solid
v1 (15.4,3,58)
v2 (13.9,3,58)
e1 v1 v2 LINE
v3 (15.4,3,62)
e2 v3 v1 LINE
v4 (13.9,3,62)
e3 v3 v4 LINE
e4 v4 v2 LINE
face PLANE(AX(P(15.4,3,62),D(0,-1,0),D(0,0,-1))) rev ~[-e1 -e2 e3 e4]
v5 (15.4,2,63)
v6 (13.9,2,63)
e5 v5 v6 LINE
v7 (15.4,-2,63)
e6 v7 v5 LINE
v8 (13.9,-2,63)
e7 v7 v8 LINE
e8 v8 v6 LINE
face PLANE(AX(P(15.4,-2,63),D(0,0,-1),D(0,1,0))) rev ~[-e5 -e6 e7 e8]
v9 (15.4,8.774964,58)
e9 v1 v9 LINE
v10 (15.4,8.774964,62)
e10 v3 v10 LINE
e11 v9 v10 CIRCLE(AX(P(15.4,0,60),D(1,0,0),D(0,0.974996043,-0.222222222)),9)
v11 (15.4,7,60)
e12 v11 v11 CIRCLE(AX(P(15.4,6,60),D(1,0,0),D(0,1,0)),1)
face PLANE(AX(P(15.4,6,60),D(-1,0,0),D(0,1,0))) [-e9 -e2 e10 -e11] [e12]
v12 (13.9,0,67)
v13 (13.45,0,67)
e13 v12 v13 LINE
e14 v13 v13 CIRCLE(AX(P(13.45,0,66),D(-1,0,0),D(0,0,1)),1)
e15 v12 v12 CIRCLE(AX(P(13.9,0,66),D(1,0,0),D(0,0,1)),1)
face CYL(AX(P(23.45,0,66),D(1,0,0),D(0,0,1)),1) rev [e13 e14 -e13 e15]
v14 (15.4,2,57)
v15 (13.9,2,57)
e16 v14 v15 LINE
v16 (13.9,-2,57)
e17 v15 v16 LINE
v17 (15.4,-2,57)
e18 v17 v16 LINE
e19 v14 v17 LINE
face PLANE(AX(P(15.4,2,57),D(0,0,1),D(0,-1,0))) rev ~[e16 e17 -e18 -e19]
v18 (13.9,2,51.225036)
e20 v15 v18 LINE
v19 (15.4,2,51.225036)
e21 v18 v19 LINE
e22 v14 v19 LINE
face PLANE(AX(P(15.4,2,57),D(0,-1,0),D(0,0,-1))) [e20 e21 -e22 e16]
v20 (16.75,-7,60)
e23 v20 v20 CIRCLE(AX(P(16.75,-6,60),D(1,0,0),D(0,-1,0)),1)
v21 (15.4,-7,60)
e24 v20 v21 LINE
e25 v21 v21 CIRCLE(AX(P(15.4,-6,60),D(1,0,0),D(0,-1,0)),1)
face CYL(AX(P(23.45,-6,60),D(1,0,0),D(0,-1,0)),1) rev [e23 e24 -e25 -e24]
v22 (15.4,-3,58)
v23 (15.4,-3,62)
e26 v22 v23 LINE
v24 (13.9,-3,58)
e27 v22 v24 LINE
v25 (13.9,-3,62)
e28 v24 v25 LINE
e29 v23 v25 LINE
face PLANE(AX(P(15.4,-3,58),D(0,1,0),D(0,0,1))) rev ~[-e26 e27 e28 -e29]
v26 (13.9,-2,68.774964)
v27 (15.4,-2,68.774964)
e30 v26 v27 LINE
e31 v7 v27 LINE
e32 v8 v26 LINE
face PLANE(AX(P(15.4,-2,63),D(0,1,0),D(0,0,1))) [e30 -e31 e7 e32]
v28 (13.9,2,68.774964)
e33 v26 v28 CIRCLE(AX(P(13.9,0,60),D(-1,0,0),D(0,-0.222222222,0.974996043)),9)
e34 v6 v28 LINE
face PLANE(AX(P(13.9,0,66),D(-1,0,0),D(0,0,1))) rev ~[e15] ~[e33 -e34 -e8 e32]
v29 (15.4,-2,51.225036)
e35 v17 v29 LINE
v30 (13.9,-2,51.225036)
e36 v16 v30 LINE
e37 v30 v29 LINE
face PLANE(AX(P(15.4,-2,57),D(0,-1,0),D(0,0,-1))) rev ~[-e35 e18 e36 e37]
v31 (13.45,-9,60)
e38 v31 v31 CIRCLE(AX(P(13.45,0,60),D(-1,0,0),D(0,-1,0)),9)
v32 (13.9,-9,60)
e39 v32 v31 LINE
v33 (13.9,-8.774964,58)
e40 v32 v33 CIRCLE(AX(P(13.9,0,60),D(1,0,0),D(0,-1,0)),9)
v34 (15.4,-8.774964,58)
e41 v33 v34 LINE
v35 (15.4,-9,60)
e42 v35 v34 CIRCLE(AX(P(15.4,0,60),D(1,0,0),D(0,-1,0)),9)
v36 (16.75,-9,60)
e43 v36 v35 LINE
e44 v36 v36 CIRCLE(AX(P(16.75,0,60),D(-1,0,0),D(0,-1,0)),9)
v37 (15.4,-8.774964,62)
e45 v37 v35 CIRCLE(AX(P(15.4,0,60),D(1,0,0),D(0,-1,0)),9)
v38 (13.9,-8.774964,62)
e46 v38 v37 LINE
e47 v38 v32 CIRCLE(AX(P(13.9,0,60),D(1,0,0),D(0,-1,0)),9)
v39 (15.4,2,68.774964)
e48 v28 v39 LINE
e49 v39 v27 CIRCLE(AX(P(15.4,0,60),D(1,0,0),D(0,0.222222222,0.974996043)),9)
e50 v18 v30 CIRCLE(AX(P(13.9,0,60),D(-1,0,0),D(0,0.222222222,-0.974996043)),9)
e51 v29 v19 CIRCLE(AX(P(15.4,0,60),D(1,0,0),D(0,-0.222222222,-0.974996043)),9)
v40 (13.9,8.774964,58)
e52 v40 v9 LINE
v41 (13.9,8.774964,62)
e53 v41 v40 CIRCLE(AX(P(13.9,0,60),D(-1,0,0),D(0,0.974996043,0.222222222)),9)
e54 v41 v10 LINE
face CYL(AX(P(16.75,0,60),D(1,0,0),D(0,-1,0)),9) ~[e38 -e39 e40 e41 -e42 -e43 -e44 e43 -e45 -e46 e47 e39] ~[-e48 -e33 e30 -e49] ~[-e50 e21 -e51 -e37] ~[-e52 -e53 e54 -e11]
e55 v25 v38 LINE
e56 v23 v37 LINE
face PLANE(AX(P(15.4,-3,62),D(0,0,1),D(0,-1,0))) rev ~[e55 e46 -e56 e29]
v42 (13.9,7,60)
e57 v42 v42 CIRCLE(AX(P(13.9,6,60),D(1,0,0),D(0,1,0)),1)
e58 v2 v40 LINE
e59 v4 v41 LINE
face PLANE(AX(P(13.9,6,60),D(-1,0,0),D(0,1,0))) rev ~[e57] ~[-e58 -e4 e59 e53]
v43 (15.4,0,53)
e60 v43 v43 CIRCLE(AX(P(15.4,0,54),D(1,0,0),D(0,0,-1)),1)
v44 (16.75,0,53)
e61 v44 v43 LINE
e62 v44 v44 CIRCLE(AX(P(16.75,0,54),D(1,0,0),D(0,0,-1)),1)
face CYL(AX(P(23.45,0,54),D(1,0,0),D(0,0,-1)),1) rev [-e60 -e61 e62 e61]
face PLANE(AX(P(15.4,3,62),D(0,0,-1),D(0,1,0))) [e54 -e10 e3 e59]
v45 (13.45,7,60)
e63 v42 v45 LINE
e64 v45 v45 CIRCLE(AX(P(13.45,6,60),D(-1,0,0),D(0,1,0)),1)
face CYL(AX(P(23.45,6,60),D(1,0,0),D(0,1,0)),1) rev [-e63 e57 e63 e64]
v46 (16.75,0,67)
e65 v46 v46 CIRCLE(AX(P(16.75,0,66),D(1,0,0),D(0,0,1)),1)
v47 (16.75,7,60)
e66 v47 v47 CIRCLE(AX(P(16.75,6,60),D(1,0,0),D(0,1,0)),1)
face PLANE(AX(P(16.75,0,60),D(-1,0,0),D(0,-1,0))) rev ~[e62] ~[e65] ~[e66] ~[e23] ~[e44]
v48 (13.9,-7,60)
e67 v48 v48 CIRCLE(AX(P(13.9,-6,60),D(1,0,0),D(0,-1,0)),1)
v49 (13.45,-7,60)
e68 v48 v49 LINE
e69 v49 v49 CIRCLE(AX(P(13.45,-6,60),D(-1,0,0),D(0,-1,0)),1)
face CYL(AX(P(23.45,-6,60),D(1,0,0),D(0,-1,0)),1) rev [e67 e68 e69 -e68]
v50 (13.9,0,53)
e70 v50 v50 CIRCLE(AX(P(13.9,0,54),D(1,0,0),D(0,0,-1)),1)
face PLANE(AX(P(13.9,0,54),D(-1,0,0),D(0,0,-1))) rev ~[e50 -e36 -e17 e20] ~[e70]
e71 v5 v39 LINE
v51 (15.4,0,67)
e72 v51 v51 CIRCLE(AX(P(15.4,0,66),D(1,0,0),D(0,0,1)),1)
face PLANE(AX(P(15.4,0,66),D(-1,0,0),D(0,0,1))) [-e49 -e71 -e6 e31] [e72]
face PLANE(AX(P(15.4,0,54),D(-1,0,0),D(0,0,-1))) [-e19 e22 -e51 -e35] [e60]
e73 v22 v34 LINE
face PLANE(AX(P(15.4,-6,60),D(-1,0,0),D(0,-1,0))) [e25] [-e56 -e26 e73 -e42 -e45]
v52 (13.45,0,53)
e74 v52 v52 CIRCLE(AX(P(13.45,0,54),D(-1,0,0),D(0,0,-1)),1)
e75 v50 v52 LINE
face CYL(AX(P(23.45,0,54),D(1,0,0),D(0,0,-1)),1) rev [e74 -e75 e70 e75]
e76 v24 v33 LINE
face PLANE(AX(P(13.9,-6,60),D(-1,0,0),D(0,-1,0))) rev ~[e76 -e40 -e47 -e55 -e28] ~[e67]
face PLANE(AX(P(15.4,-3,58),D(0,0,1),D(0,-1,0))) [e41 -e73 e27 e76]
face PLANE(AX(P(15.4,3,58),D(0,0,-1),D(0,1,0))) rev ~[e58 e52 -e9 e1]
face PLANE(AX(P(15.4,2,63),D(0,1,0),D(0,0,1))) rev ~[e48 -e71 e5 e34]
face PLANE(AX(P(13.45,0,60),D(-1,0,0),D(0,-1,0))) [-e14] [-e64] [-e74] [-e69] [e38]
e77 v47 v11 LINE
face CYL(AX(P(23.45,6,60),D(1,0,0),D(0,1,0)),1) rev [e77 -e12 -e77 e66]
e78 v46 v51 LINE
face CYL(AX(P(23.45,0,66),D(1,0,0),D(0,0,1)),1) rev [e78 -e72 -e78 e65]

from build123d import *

# Parameters (mm, degrees)
BOX043_W                    = 6
BOX043_H                    = 4
BOX043_DEPTH                = 1.5
BOX046_W                    = 6
BOX046_H                    = 4
BOX046_DEPTH                = 1.5
BOX045_W                    = 6
BOX045_H                    = 4
BOX045_DEPTH                = 1.5
BOX044_W                    = 6
BOX044_H                    = 4
BOX044_DEPTH                = 1.5
COMPOUND834_ROLL_ANGLE      = 90
COMPOUND834_PLACEMENT_ANGLE = -90
CYLINDER496_R               = 1
CYLINDER496_DEPTH           = 10
CYLINDER497_R               = 1
CYLINDER497_DEPTH           = 10
CYLINDER495_R               = 1
CYLINDER495_DEPTH           = 10
CYLINDER494_R               = 1
CYLINDER494_DEPTH           = 10
COMPOUND833_ROLL_ANGLE      = 90
COMPOUND833_PLACEMENT_ANGLE = -90
CYLINDER493_R               = 9
CYLINDER493_DEPTH           = 3.3


with BuildPart() as krychle043:
    # Box043 → Box043 (new body)
    with BuildSketch(Plane(origin=(2, 3, -9.4), x_dir=(0, 1, 0), z_dir=(0, 0, 1))):
        with Locations((3, 2)):
            Rectangle(BOX043_W, BOX043_H)
    extrude(amount=BOX043_DEPTH)


with BuildPart() as krychle046:
    # Box046 → Box046 (new body)
    with BuildSketch(Plane(origin=(-3, 2, -9.4), x_dir=(-1, 0, 0), z_dir=(0, 0, 1))):
        with Locations((3, 2)):
            Rectangle(BOX046_W, BOX046_H)
    extrude(amount=BOX046_DEPTH)


with BuildPart() as krychle045:
    # Box045 → Box045 (new body)
    with BuildSketch(Plane(origin=(-2, -3, -9.4), x_dir=(0, -1, 0), z_dir=(0, 0, 1))):
        with Locations((3, 2)):
            Rectangle(BOX045_W, BOX045_H)
    extrude(amount=BOX045_DEPTH)


with BuildPart() as compound834:
    # Box044 → Box044 (new body)
    with BuildSketch(Plane(origin=(3, -2, -9.4), x_dir=(1, 0, 0), z_dir=(0, 0, 1))):
        with Locations((3, 2)):
            Rectangle(BOX044_W, BOX044_H)
    extrude(amount=BOX044_DEPTH)

    # Compound834: union Krychle043, Krychle046, Krychle045
    add(krychle043.part)
    add(krychle046.part)
    add(krychle045.part)


with BuildPart() as compound834_1:
    # Compound834 roll: moved
    add(compound834.part.rotate(Axis((0, 0, 0), (1, 0, 0)), COMPOUND834_ROLL_ANGLE))


with BuildPart() as compound834_2:
    # Compound834 placement: moved
    add(compound834_1.part.moved(Location((6, 0, 60))).rotate(Axis((6, 0, 60), (0, 0, 1)), COMPOUND834_PLACEMENT_ANGLE))


with BuildPart() as v_lec496:
    # Cylinder496 → Cylinder496 (new body)
    with BuildSketch(Plane(origin=(0, 6, -9.6), x_dir=(0, 1, 0), z_dir=(0, 0, 1))):
        Circle(CYLINDER496_R)
    extrude(amount=CYLINDER496_DEPTH)


with BuildPart() as v_lec497:
    # Cylinder497 → Cylinder497 (new body)
    with BuildSketch(Plane(origin=(-6, 0, -9.6), x_dir=(-1, 0, 0), z_dir=(0, 0, 1))):
        Circle(CYLINDER497_R)
    extrude(amount=CYLINDER497_DEPTH)


with BuildPart() as v_lec495:
    # Cylinder495 → Cylinder495 (new body)
    with BuildSketch(Plane(origin=(0, -6, -9.6), x_dir=(0, -1, 0), z_dir=(0, 0, 1))):
        Circle(CYLINDER495_R)
    extrude(amount=CYLINDER495_DEPTH)


with BuildPart() as compound833:
    # Cylinder494 → Cylinder494 (new body)
    with BuildSketch(Plane(origin=(6, 0, -9.6), x_dir=(1, 0, 0), z_dir=(0, 0, 1))):
        Circle(CYLINDER494_R)
    extrude(amount=CYLINDER494_DEPTH)

    # Compound833: union Válec496, Válec497, Válec495
    add(v_lec496.part)
    add(v_lec497.part)
    add(v_lec495.part)


with BuildPart() as compound833_1:
    # Compound833 roll: moved
    add(compound833.part.rotate(Axis((0, 0, 0), (1, 0, 0)), COMPOUND833_ROLL_ANGLE))


with BuildPart() as compound833_2:
    # Compound833 placement: moved
    add(compound833_1.part.moved(Location((13.85, 0, 60))).rotate(Axis((13.85, 0, 60), (0, 0, 1)), COMPOUND833_PLACEMENT_ANGLE))


with BuildPart() as cut657:
    # Cylinder493 → Cylinder493 (new body)
    with BuildSketch(Plane(origin=(16.75, 0, 60), x_dir=(0, -1, 0), z_dir=(-1, 0, 0))):
        Circle(CYLINDER493_R)
    extrude(amount=CYLINDER493_DEPTH)

    # Cut656: cut Compound833
    add(compound833_2.part, mode=Mode.SUBTRACT)

    # Cut657: cut Compound834
    add(compound834_2.part, mode=Mode.SUBTRACT)


solid = cut657.part
